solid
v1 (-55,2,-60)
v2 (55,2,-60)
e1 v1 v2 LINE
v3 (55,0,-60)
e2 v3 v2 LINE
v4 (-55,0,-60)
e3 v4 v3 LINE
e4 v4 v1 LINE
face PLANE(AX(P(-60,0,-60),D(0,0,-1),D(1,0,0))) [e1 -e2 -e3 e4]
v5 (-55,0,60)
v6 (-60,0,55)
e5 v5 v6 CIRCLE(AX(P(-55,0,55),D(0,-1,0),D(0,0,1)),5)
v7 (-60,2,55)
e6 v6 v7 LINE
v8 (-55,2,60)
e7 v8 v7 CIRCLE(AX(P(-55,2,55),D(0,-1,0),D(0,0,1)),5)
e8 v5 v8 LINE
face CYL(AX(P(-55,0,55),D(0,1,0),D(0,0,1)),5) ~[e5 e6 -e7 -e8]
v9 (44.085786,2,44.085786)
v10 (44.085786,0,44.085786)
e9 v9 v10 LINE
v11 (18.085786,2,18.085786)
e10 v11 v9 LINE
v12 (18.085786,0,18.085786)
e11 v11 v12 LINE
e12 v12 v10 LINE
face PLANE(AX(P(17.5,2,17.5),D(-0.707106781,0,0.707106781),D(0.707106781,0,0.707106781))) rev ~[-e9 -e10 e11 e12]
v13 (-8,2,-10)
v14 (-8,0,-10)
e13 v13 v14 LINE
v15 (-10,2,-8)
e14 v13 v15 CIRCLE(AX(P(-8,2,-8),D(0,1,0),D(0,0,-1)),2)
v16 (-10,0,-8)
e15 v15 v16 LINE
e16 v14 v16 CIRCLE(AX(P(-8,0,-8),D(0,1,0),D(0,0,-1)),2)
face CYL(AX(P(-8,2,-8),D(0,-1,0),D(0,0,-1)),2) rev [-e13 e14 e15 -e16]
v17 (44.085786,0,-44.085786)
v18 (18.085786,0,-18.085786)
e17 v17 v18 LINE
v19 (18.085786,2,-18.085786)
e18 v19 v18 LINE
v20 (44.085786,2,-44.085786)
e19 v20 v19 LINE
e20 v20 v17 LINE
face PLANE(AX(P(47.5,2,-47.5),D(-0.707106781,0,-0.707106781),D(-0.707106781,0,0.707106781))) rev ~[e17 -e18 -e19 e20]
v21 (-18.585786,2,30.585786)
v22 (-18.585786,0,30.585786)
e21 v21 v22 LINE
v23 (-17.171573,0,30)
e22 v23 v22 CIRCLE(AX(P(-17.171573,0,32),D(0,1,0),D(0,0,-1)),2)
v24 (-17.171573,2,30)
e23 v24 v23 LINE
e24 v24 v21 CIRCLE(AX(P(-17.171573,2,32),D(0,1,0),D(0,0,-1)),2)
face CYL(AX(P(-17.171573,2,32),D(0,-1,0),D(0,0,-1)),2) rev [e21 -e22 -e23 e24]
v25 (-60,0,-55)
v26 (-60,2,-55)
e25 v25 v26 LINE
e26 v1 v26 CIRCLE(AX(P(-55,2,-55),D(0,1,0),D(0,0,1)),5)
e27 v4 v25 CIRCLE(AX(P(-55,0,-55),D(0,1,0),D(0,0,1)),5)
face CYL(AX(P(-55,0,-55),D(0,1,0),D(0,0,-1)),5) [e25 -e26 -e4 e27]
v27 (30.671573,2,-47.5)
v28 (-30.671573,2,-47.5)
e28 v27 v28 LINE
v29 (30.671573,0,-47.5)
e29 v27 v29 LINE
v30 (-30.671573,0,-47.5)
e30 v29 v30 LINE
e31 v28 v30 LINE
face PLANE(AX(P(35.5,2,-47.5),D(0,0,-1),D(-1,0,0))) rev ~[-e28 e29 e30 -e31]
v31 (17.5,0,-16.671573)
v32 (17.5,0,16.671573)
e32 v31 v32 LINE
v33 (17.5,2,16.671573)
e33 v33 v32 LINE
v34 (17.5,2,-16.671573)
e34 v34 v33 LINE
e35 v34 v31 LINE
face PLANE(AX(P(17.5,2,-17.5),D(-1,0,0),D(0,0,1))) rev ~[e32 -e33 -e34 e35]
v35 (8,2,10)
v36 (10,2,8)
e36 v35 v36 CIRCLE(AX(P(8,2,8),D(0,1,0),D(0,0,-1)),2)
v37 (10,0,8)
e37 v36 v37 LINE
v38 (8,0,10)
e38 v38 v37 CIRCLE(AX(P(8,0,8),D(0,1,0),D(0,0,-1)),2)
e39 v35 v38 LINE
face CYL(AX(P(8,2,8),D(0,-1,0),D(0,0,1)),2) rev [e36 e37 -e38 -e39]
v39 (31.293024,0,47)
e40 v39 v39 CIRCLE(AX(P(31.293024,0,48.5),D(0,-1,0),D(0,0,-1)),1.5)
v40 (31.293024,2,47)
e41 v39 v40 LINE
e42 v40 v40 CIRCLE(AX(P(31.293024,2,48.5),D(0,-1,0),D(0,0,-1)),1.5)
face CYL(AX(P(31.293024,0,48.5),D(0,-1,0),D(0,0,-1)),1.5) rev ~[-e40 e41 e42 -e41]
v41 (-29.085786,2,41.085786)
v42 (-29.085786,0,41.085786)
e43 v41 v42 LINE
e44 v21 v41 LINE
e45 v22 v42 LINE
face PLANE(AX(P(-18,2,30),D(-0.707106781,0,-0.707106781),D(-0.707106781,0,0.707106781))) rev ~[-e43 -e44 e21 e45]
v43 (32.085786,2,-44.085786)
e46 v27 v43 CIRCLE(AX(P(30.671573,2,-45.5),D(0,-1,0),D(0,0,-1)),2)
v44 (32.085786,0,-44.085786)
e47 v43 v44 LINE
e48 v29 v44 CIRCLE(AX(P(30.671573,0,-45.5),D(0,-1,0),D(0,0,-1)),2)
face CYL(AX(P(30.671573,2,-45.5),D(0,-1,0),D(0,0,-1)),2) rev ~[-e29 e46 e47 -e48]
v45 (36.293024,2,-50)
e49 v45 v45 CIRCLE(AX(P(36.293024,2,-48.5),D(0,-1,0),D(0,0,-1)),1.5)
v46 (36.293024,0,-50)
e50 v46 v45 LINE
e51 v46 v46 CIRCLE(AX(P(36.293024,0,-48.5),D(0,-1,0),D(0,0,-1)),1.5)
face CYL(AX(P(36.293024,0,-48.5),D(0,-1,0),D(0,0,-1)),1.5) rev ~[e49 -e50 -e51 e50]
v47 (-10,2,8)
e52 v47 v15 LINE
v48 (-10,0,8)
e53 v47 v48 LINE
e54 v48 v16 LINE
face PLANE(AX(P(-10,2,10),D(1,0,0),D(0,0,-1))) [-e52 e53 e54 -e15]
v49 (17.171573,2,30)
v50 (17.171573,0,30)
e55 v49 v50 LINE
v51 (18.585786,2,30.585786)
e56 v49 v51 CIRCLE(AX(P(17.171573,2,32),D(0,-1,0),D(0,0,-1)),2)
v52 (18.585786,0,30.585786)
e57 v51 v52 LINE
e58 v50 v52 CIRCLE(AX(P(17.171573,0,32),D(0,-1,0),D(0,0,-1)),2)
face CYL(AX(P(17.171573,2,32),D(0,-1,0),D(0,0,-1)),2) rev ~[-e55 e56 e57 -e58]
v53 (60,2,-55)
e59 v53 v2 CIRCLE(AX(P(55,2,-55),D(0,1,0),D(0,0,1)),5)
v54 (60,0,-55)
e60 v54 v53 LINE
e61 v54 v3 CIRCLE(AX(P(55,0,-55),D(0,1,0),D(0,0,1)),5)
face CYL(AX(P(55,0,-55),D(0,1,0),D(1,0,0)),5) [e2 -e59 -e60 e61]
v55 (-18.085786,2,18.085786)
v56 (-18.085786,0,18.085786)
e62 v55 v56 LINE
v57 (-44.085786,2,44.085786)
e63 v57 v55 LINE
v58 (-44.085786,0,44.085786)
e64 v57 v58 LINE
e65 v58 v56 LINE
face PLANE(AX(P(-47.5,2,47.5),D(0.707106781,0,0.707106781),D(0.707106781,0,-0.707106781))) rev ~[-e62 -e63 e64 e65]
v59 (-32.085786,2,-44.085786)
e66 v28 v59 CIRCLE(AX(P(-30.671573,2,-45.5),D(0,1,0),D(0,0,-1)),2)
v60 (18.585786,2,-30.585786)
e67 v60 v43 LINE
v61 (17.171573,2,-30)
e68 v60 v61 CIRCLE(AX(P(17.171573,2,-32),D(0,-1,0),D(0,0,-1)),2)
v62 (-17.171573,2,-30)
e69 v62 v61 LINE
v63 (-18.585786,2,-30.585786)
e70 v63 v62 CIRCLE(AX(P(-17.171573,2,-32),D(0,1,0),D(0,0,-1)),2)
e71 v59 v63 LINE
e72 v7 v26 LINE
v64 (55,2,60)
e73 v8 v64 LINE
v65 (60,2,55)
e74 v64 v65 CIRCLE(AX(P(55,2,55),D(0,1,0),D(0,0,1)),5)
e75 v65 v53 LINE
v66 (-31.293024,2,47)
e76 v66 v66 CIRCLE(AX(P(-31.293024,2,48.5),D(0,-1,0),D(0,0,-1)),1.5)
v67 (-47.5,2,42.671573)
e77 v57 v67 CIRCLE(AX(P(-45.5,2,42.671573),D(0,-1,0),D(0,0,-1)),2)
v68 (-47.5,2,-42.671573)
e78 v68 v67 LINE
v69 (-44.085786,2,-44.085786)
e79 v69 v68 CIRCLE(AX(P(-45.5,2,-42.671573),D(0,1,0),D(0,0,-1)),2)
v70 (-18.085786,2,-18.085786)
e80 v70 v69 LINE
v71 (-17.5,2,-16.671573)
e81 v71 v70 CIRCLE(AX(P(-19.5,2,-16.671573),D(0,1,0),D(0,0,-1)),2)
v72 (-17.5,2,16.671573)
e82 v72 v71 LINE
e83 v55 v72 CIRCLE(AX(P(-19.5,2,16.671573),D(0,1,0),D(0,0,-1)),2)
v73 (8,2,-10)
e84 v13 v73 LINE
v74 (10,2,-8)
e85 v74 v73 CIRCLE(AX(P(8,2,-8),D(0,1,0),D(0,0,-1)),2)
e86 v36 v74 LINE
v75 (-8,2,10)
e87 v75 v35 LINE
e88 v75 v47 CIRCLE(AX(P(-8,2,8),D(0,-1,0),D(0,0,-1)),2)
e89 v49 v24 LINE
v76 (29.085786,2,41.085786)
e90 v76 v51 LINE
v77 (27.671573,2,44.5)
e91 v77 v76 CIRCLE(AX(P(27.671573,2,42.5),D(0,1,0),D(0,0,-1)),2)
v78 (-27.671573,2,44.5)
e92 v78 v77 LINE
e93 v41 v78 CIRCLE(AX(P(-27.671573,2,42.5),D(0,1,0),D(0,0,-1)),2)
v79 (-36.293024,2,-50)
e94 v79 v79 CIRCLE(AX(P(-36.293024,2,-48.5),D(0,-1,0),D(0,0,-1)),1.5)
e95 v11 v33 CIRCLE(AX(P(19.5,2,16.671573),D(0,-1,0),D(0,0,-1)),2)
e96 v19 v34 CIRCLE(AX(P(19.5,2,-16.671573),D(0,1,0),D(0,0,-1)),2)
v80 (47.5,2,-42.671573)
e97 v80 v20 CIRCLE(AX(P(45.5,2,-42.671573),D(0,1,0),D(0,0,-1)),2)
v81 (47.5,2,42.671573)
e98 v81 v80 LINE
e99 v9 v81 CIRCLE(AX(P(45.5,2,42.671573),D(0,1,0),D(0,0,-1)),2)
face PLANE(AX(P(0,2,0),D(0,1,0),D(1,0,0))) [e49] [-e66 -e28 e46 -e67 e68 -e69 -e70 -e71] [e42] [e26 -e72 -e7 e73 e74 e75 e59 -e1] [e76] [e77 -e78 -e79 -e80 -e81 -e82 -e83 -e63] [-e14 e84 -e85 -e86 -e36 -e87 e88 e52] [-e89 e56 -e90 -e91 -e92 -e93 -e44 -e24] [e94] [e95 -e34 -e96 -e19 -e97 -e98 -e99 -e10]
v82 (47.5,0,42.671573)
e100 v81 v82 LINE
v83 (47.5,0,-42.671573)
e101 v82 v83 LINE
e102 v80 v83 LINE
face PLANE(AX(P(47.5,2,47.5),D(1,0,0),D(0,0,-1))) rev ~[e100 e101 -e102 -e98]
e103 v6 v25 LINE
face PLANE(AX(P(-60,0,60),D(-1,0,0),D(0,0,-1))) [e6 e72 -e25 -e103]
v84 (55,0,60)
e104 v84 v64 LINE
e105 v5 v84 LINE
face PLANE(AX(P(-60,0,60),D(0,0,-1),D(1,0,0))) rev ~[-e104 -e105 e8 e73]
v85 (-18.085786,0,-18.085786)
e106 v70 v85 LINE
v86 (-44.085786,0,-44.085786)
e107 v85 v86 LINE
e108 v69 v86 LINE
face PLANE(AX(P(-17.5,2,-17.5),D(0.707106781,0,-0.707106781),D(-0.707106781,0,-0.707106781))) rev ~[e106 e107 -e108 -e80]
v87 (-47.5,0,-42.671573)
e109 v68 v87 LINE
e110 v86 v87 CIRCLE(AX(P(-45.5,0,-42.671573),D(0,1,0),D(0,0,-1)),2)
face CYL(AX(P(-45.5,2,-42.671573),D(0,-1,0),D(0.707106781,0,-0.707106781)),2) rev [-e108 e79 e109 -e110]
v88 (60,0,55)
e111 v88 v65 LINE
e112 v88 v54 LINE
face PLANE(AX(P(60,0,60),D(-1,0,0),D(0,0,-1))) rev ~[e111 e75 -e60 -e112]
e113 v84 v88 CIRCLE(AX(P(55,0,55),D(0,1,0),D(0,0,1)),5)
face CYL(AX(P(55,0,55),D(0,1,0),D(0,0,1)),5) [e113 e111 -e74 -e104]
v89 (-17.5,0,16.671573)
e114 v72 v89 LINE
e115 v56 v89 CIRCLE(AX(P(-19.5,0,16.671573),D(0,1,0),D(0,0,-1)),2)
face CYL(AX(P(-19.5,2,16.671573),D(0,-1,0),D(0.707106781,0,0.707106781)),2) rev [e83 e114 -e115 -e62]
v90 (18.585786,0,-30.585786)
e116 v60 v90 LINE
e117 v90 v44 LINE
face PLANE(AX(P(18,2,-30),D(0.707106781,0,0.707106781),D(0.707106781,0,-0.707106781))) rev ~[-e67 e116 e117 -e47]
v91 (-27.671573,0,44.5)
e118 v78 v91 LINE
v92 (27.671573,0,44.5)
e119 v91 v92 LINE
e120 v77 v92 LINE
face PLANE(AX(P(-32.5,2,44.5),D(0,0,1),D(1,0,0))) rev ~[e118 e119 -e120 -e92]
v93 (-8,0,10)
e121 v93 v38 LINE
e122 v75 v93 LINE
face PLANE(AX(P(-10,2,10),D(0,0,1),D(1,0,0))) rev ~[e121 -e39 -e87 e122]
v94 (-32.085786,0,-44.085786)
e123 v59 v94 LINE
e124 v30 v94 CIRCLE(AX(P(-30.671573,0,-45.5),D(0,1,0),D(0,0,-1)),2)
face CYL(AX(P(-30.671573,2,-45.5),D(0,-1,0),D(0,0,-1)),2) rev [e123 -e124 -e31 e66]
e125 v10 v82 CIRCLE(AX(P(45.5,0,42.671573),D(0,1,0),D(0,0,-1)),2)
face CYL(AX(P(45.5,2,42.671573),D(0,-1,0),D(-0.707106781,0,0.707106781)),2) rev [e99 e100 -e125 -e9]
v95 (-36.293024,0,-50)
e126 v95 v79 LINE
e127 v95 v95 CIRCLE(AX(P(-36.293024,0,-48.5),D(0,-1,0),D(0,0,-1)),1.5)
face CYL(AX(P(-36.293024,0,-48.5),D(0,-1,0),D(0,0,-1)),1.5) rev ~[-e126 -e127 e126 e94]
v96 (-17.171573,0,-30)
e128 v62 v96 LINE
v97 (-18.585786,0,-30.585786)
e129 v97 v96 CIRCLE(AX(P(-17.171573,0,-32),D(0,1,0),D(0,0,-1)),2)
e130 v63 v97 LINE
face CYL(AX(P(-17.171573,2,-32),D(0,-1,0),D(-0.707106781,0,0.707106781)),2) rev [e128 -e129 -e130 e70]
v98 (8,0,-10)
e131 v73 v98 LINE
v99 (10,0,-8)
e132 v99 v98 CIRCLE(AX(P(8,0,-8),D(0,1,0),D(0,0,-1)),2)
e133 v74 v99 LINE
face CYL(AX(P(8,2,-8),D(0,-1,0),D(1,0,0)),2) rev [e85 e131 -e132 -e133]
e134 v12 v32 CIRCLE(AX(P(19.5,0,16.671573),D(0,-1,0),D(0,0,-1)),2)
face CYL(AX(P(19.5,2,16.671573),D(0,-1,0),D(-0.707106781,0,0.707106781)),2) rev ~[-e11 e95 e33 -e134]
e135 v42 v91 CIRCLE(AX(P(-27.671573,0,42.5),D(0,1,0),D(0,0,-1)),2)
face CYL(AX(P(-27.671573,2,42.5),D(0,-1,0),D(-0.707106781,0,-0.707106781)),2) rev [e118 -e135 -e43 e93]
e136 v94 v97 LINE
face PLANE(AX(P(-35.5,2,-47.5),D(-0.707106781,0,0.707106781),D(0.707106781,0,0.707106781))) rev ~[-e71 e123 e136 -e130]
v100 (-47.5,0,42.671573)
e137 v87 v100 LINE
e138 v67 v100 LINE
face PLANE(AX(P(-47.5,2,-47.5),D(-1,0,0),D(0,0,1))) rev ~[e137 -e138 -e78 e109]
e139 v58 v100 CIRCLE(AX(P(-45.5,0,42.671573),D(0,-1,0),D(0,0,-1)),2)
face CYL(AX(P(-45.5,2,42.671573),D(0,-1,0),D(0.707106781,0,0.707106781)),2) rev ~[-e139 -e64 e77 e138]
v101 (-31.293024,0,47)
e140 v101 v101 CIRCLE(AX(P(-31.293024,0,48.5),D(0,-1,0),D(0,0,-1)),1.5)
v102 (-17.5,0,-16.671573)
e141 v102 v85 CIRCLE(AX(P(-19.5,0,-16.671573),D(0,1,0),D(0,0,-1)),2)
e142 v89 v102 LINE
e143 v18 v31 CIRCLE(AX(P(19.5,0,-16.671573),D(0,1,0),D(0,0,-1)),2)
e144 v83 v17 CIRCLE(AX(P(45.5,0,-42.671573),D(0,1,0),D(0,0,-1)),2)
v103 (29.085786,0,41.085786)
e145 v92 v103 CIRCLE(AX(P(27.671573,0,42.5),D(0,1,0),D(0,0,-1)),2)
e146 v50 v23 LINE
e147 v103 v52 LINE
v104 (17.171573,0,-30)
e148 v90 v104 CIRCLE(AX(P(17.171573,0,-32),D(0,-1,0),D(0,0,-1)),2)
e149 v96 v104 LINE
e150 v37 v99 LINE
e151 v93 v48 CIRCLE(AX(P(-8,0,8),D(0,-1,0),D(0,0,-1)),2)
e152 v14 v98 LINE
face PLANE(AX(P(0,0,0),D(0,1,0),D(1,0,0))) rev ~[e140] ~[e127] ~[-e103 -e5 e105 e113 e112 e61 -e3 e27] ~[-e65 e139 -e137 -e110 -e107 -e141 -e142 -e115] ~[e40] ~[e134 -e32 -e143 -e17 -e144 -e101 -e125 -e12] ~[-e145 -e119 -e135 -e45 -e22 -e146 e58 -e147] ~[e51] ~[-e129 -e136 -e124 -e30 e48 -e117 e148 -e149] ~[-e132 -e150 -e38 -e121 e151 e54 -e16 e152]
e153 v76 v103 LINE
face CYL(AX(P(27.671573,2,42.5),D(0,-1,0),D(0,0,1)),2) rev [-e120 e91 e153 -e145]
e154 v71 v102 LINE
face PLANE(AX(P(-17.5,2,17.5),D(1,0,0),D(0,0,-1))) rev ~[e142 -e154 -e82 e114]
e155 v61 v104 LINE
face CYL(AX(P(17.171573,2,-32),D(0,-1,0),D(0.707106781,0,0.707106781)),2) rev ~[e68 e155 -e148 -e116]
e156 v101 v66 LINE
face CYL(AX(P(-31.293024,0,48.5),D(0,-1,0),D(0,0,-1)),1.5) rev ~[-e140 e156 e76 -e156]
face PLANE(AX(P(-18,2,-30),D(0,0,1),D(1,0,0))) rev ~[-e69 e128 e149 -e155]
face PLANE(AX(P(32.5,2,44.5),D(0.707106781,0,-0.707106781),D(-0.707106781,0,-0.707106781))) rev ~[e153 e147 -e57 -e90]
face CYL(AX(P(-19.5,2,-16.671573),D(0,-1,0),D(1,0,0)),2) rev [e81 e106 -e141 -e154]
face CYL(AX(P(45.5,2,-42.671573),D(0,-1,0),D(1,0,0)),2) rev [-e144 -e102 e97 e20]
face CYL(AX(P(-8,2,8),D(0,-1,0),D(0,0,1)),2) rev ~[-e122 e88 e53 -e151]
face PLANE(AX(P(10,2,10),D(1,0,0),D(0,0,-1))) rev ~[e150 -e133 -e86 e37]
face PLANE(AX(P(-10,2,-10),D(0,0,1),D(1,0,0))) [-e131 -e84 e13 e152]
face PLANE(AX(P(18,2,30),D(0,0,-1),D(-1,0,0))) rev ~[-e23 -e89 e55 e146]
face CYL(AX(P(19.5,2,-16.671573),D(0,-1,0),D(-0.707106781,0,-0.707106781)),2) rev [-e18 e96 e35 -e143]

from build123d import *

# Parameters (mm, degrees)
SKETCH1_W           = 120
SKETCH1_H           = 120
BOSS_EXTRUDE1_DEPTH = 2
FILLET1_R           = 5
FILLET2_R           = 5
FILLET3_R           = 5
FILLET4_R           = 5
SKETCH2_W           = 20
SKETCH2_H           = 20
CUT_EXTRUDE1_DEPTH  = 10
FILLET5_R           = 2
FILLET6_R           = 2
SKETCH4_R           = 1.5
CUT_EXTRUDE2_DEPTH  = 10


with BuildPart() as part:
    # Sketch1 → Boss-Extrude1 (new body)
    with BuildSketch(Plane(origin=(0, 0, 0), x_dir=(1, 0, 0), z_dir=(0, 1, 0))):
        Rectangle(SKETCH1_W, SKETCH1_H)
    extrude(amount=BOSS_EXTRUDE1_DEPTH)

    # Fillet1
    fillet1_edges = [part.edges().sort_by_distance(p)[0] for p in [
        (60, 1, 60),
    ]]
    fillet(fillet1_edges, radius=FILLET1_R)

    # Fillet2
    fillet2_edges = [part.edges().sort_by_distance(p)[0] for p in [
        (-60, 1, 60),
    ]]
    fillet(fillet2_edges, radius=FILLET2_R)

    # Fillet3
    fillet3_edges = [part.edges().sort_by_distance(p)[0] for p in [
        (60, 1, -60),
    ]]
    fillet(fillet3_edges, radius=FILLET3_R)

    # Fillet4
    fillet4_edges = [part.edges().sort_by_distance(p)[0] for p in [
        (-60, 1, -60),
    ]]
    fillet(fillet4_edges, radius=FILLET4_R)

    # Sketch2 → Cut-Extrude1 (cut)
    with BuildSketch(Plane(origin=(0, 2, 0), x_dir=(1, 0, 0), z_dir=(0, 1, 0))):
        Polygon((-47.5, -47.5), (-17.5, -17.5), (-17.5, 17.5), (-47.5, 47.5), align=None)
        Polygon((18, -30), (-18, -30), (-32.5, -44.5), (32.5, -44.5), align=None)
        Rectangle(SKETCH2_W, SKETCH2_H)
        Polygon((35.5, 47.5), (-35.5, 47.5), (-18, 30), (18, 30), align=None)
        Polygon((17.5, -17.5), (47.5, -47.5), (47.5, 47.5), (17.5, 17.5), align=None)
    extrude(amount=-CUT_EXTRUDE1_DEPTH, mode=Mode.SUBTRACT)

    # Fillet5
    fillet5_edges = [part.edges().sort_by_distance(p)[0] for p in [
        (-35.5, 1, -47.5),
        (35.5, 1, -47.5),
    ]]
    fillet(fillet5_edges, radius=FILLET5_R)

    # Fillet6
    fillet6_edges = [part.edges().sort_by_distance(p)[0] for p in [
        (-18, 1, -30),
        (18, 1, -30),
        (-32.5, 1, 44.5),
        (-18, 1, 30),
        (18, 1, 30),
        (32.5, 1, 44.5),
        (10, 1, 10),
        (-10, 1, 10),
        (-10, 1, -10),
        (10, 1, -10),
        (-17.5, 1, -17.5),
        (-17.5, 1, 17.5),
        (-47.5, 1, 47.5),
        (-47.5, 1, -47.5),
        (47.5, 1, -47.5),
        (47.5, 1, 47.5),
        (17.5, 1, 17.5),
        (17.5, 1, -17.5),
    ]]
    fillet(fillet6_edges, radius=FILLET6_R)

    # Sketch4 → Cut-Extrude2 (cut)
    with BuildSketch(Plane.XZ):
        with Locations(Location((-36.293024341, -48.5, 0), (0, 0, 270))):
            Circle(SKETCH4_R)
        with Locations(Location((-31.293024341, 48.5, 0), (0, 0, 270))):
            Circle(SKETCH4_R)
        with Locations(Location((31.293024341, 48.5, 0), (0, 0, 270))):
            Circle(SKETCH4_R)
        with Locations(Location((36.293024341, -48.5, 0), (0, 0, 270))):
            Circle(SKETCH4_R)
    extrude(amount=-CUT_EXTRUDE2_DEPTH, mode=Mode.SUBTRACT)


solid = part.part
